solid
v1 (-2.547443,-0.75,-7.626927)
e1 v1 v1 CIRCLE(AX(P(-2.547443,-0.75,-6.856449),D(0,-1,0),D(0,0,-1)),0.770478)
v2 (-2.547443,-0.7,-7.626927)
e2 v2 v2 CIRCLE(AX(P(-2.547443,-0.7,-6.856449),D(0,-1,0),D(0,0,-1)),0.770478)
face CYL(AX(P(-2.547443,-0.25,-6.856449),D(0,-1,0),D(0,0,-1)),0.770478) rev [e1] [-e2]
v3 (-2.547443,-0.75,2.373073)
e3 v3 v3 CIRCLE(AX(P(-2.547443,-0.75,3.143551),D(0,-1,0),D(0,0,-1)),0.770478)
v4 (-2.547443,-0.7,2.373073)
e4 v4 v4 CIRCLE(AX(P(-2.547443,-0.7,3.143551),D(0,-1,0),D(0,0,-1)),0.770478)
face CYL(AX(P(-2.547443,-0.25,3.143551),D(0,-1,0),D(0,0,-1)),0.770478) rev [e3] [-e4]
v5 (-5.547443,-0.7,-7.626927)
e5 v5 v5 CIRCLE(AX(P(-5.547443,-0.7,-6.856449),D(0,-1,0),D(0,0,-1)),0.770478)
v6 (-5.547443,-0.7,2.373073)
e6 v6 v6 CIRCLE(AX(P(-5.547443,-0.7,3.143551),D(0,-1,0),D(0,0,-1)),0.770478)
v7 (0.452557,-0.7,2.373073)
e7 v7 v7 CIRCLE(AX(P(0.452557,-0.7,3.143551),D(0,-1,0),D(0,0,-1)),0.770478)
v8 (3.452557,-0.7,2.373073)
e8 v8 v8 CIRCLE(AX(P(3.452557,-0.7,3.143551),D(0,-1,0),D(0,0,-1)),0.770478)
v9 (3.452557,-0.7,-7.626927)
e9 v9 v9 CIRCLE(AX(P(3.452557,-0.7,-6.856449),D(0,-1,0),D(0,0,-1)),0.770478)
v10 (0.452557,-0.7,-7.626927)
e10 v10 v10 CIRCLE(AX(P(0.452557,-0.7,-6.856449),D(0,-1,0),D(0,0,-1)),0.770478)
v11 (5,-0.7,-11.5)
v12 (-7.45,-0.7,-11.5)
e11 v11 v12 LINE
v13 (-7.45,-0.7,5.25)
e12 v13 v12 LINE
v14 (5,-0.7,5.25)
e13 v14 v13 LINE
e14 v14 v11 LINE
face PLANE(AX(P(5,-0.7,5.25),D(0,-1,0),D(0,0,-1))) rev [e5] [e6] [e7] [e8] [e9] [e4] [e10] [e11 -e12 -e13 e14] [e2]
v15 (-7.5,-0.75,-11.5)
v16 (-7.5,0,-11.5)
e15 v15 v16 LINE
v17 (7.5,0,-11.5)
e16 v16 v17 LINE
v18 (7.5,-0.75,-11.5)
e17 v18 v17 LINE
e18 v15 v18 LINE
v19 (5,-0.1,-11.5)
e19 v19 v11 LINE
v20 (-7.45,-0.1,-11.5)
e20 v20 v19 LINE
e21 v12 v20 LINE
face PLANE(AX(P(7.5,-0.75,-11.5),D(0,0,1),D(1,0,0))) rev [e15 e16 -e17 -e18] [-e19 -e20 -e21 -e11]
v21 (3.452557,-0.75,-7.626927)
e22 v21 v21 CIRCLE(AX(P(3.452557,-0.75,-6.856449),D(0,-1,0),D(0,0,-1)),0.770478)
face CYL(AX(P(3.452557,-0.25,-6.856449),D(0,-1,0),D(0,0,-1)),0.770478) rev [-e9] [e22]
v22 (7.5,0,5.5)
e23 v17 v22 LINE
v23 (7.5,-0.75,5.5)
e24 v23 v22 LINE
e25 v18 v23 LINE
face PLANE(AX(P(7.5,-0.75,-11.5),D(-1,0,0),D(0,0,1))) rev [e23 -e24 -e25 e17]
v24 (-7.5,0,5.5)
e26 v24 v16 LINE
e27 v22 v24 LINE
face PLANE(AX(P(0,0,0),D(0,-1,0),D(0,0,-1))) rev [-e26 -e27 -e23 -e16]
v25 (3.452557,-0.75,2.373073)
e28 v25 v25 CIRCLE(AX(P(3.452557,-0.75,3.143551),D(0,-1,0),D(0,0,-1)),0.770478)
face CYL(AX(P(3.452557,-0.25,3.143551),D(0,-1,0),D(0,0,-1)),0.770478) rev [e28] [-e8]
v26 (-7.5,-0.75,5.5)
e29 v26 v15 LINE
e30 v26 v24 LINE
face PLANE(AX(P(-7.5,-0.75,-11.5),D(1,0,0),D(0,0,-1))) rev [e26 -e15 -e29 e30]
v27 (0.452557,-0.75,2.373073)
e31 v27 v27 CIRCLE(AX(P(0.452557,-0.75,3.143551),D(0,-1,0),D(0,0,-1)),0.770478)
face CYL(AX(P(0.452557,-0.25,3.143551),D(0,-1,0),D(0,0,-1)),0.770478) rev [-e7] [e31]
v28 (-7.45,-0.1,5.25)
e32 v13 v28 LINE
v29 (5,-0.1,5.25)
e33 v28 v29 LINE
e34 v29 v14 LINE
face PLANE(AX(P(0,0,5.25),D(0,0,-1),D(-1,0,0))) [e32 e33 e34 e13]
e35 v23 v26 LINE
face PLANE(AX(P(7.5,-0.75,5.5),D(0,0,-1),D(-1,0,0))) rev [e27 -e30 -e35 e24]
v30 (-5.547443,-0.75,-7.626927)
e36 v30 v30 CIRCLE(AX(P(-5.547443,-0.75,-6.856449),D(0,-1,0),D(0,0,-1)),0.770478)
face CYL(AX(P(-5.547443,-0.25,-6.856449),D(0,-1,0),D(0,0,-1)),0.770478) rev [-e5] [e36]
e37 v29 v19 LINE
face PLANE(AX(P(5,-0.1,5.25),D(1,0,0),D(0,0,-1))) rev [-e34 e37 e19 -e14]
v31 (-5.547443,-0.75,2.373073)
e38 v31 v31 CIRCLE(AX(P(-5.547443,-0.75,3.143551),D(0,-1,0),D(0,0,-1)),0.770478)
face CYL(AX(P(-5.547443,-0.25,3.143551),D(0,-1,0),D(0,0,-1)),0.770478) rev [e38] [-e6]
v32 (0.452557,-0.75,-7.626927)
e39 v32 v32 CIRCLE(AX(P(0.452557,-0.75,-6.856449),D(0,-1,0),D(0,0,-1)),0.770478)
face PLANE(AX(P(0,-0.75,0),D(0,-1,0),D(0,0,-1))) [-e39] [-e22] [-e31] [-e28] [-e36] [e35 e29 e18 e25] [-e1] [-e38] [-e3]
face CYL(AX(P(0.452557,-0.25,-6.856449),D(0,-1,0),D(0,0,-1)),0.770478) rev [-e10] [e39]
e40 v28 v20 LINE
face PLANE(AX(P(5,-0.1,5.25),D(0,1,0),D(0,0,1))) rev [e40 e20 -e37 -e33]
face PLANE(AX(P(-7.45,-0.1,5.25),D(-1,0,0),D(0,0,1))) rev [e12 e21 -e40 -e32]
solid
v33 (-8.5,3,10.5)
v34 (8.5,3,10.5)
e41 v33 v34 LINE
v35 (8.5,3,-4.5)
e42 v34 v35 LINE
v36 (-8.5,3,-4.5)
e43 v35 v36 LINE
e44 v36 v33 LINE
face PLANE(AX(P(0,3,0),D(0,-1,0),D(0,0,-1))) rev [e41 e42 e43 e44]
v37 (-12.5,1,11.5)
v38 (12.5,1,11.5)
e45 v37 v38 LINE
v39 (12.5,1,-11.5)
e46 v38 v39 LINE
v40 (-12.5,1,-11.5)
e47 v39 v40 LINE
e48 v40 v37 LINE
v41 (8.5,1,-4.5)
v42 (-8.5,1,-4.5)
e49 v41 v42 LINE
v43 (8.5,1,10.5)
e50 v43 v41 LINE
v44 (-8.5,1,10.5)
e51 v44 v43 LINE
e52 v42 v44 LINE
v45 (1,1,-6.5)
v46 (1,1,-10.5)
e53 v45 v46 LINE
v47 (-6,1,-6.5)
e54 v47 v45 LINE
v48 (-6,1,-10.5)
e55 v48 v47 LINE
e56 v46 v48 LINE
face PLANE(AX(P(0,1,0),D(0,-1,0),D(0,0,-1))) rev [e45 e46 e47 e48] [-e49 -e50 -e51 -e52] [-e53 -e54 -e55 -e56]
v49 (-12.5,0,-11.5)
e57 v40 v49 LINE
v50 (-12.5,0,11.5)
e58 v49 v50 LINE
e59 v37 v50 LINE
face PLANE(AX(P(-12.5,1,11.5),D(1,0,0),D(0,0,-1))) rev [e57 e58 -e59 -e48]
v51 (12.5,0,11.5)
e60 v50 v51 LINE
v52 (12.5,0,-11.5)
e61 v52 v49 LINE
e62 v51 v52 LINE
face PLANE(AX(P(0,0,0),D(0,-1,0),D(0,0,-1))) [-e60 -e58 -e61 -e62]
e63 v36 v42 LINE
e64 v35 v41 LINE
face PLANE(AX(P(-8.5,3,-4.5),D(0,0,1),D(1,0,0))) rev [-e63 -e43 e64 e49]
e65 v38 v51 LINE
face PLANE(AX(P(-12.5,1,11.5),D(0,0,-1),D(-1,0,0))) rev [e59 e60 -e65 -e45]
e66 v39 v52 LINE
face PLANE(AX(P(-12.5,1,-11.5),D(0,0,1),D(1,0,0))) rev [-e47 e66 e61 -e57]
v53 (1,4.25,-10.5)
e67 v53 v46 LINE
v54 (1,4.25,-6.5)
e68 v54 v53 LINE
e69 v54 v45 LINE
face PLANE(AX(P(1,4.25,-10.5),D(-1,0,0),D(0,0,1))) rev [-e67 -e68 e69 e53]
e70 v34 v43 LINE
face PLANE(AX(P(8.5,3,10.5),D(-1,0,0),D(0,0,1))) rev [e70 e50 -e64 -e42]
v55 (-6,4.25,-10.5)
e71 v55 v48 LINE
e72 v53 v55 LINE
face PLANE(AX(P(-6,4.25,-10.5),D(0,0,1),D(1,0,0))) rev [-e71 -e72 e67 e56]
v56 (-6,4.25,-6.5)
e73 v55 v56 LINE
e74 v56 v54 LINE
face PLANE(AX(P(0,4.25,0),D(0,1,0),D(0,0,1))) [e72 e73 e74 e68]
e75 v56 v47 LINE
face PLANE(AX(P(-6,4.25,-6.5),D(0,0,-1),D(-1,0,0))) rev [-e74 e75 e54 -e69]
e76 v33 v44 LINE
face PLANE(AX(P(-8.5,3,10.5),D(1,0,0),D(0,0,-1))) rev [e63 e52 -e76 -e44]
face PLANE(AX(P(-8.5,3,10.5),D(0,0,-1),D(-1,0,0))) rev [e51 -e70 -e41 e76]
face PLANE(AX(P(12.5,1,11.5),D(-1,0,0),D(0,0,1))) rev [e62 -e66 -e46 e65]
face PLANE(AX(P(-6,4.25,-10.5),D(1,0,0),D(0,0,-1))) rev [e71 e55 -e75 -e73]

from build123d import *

# Parameters (mm, degrees)
SKETCH1_W           = 25
SKETCH1_H           = 23
BOSS_EXTRUDE1_DEPTH = 1
SKETCH2_W           = 17
SKETCH2_H           = 15
BOSS_EXTRUDE2_DEPTH = 2
SKETCH3_W           = 7
SKETCH3_H           = 4
BOSS_EXTRUDE3_DEPTH = 3.25
SKETCH4_W           = 15
SKETCH4_H           = 17
BOSS_EXTRUDE4_DEPTH = 0.75
SKETCH5_W           = 12.45
SKETCH5_H           = 0.6
CUT_EXTRUDE1_DEPTH  = 16.75
SKETCH6_R           = 0.770478249
CUT_EXTRUDE2_DEPTH  = 0.5


with BuildPart() as part:
    # Sketch1 → Boss-Extrude1 (new body)
    with BuildSketch(Plane(origin=(0, 0, 0), x_dir=(1, 0, 0), z_dir=(0, 1, 0))):
        Rectangle(SKETCH1_W, SKETCH1_H)
    extrude(amount=BOSS_EXTRUDE1_DEPTH)

    # Sketch2 → Boss-Extrude2 (add)
    with BuildSketch(Plane(origin=(0, 1, 0), x_dir=(1, 0, 0), z_dir=(0, 1, 0))):
        with Locations((0, -3)):
            Rectangle(SKETCH2_W, SKETCH2_H)
    extrude(amount=BOSS_EXTRUDE2_DEPTH)

    # Sketch3 → Boss-Extrude3 (add)
    with BuildSketch(Plane(origin=(0, 1, 0), x_dir=(1, 0, 0), z_dir=(0, 1, 0))):
        with Locations((-2.5, 8.5)):
            Rectangle(SKETCH3_W, SKETCH3_H)
    extrude(amount=BOSS_EXTRUDE3_DEPTH)


with BuildPart() as body_2:
    # Sketch4 → Boss-Extrude4 (new body)
    with BuildSketch(Plane.XZ):
        with Locations((0, -3)):
            Rectangle(SKETCH4_W, SKETCH4_H)
    extrude(amount=BOSS_EXTRUDE4_DEPTH)

    # Sketch5 → Cut-Extrude1 (cut)
    with BuildSketch(Plane(origin=(0, 0, -11.5), x_dir=(-1, 0, 0), z_dir=(0, 0, -1))):
        with Locations((1.225, -0.4)):
            Rectangle(SKETCH5_W, SKETCH5_H)
    extrude(amount=-CUT_EXTRUDE1_DEPTH, mode=Mode.SUBTRACT)

    # Sketch6 → Cut-Extrude2 (cut)
    with BuildSketch(Plane.XZ.offset(0.75)):
        with Locations((-5.547443391, 3.143551255)):
            Circle(SKETCH6_R)
        with Locations((-2.547443391, 3.143551255)):
            Circle(SKETCH6_R)
        with Locations((0.452556609, 3.143551255)):
            Circle(SKETCH6_R)
        with Locations((3.452556609, 3.143551255)):
            Circle(SKETCH6_R)
        with Locations((-2.547443391, -6.856448745)):
            Circle(SKETCH6_R)
        with Locations((0.452556609, -6.856448745)):
            Circle(SKETCH6_R)
        with Locations((3.452556609, -6.856448745)):
            Circle(SKETCH6_R)
        with Locations((-5.547443391, -6.856448745)):
            Circle(SKETCH6_R)
    extrude(amount=-CUT_EXTRUDE2_DEPTH, mode=Mode.SUBTRACT)


solid = Compound([part.part, body_2.part])
